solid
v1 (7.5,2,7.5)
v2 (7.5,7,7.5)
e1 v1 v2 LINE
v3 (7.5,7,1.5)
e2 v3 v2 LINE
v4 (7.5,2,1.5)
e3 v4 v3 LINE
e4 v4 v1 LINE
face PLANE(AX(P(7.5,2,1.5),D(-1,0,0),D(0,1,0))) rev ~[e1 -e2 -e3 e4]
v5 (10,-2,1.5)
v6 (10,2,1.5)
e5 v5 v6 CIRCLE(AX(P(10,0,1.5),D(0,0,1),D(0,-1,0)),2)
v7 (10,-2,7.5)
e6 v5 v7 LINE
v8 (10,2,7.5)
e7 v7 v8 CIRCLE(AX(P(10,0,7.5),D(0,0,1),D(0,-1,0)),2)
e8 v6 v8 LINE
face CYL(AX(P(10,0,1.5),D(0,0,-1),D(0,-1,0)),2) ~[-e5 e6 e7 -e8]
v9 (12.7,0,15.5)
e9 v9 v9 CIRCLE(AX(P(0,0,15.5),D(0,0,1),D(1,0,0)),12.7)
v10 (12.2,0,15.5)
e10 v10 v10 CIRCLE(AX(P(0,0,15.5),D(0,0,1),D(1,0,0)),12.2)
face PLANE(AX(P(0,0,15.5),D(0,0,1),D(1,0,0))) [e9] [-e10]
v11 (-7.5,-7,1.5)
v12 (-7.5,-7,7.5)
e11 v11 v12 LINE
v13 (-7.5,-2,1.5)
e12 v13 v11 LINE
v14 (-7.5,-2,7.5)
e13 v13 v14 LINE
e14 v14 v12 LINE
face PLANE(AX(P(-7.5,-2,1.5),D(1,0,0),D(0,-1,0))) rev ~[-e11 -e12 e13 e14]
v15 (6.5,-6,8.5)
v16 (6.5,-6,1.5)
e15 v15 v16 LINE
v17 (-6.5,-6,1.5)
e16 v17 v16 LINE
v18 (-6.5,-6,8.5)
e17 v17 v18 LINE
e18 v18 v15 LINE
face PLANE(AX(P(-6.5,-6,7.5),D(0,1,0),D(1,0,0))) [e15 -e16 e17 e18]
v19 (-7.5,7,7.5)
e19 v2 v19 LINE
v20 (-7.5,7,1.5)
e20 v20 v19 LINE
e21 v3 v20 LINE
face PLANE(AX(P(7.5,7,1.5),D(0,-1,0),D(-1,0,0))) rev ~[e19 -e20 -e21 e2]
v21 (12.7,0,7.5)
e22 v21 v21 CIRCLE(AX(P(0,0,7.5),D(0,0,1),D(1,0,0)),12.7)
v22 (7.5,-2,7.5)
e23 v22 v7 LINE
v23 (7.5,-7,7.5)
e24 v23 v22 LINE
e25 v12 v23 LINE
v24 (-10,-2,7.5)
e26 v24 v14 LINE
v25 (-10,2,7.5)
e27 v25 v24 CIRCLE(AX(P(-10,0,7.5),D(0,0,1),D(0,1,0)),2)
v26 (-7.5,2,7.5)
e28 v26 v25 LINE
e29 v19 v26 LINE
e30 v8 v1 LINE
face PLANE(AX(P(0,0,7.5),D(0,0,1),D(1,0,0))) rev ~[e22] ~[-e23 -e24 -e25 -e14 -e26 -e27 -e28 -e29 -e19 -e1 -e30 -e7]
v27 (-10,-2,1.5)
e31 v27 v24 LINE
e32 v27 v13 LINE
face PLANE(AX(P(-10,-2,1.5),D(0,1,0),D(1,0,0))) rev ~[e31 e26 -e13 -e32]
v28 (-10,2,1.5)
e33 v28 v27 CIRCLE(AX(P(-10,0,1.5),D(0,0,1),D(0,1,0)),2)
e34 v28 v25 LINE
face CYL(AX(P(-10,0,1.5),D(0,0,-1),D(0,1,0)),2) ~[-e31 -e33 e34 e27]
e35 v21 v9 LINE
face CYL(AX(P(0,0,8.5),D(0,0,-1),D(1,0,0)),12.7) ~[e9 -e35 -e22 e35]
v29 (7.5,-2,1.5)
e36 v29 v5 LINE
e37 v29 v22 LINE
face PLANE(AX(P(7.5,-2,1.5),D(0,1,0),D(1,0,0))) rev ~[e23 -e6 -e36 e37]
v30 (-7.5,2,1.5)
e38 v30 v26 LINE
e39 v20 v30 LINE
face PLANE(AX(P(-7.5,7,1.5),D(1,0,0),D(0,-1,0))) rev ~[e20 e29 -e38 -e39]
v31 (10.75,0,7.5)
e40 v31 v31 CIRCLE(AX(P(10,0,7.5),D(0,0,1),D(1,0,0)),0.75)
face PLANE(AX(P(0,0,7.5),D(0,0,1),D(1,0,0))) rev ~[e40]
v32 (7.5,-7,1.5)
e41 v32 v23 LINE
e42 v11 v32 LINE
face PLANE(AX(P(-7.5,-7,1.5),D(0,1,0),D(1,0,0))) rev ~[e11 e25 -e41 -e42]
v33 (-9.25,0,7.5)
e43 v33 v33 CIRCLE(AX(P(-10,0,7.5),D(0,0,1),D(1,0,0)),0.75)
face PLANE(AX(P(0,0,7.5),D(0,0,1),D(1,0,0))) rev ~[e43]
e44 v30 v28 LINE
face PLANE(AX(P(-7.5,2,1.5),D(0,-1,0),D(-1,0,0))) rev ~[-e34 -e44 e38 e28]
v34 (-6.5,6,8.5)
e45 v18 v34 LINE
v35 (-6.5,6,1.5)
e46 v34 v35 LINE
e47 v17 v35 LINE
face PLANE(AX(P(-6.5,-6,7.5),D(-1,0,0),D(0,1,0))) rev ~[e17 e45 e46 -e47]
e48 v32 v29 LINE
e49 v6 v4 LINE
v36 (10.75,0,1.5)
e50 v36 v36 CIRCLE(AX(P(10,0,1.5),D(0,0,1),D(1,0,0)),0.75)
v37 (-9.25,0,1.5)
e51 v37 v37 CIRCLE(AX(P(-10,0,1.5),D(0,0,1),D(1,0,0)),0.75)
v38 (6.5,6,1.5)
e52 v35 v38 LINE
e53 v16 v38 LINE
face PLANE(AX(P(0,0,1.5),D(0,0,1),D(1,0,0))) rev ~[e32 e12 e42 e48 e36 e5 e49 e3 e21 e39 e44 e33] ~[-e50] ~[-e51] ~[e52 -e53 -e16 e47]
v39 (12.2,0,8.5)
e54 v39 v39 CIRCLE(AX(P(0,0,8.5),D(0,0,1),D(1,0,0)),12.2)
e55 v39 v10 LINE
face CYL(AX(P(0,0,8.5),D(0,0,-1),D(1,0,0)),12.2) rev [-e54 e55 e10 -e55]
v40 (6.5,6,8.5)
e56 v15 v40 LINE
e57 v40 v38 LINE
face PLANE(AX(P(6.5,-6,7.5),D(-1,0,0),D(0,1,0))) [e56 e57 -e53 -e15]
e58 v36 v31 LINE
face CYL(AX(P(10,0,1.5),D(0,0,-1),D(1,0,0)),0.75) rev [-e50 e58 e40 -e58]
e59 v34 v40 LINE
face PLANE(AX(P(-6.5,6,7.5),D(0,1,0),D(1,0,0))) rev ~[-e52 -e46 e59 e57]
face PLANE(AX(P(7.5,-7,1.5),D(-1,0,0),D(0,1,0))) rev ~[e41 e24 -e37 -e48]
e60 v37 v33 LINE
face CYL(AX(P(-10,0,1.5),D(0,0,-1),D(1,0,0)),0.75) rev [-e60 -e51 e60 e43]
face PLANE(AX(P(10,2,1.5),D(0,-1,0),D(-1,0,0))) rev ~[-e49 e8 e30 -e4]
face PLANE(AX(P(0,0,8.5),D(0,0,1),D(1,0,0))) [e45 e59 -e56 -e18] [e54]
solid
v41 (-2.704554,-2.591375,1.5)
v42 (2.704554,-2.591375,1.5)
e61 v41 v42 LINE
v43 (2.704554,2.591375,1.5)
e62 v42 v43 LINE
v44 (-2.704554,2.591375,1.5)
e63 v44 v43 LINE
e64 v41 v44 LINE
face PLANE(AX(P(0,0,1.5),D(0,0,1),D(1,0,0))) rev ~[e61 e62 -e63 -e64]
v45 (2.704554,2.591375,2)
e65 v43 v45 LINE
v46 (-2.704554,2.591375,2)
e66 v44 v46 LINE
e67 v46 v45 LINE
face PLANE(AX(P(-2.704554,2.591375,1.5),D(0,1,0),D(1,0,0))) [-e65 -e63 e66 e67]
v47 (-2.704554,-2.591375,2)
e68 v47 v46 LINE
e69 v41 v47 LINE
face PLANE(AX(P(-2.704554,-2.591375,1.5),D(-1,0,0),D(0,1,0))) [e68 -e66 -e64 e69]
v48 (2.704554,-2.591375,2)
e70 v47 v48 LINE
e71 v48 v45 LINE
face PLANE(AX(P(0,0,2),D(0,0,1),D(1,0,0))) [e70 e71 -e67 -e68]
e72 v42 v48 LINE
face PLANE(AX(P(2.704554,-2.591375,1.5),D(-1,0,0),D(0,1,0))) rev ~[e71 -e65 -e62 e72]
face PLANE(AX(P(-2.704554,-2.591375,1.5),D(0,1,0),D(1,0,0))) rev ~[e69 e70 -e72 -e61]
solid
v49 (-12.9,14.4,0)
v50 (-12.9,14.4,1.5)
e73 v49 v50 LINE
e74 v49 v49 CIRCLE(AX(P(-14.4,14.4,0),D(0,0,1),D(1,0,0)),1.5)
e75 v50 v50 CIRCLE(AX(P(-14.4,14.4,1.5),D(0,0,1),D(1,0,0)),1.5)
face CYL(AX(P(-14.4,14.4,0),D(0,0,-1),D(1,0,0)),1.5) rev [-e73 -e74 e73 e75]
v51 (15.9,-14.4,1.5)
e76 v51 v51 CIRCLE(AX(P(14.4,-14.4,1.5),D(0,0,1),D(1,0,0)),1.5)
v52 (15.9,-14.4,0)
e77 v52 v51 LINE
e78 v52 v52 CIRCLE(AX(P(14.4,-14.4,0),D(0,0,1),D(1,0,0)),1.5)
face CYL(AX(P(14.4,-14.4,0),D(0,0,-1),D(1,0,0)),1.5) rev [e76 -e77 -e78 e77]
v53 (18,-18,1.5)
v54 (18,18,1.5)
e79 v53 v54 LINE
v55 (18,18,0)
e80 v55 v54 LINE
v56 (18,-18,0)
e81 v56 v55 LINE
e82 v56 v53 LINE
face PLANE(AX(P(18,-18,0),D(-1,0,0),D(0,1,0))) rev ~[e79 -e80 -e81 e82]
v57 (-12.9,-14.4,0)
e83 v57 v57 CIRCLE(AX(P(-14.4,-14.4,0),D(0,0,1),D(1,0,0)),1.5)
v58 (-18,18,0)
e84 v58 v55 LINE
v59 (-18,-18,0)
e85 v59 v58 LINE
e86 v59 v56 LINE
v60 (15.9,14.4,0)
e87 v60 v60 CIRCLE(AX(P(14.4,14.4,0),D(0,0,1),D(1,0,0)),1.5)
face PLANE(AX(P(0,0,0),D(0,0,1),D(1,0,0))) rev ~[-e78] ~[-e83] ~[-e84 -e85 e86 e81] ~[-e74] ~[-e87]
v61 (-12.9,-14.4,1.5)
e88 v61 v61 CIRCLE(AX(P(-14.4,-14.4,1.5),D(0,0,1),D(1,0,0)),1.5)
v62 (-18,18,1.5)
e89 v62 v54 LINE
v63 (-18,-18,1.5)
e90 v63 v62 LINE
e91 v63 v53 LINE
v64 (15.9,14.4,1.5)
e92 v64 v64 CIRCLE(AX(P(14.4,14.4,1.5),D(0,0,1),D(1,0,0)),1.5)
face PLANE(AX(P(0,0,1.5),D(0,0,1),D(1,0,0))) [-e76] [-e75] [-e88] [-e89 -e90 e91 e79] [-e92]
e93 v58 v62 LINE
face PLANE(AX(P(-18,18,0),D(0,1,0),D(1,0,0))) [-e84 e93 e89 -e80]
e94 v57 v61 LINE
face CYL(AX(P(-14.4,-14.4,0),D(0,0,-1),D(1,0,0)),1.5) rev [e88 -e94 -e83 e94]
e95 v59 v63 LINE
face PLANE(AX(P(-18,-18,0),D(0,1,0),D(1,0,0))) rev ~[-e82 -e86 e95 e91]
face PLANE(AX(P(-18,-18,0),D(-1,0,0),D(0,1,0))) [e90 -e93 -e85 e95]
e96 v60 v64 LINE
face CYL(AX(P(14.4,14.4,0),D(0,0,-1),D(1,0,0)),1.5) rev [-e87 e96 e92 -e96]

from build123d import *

# Parameters (mm, degrees)
F0_W     = 36
F0_H     = 36
F0_R     = 1.5
F1_DEPTH = 1.5
F2_W     = 5.409108
F2_H     = 5.18275
F3_DEPTH = 0.5
F4_W     = 13
F4_H     = 12
F4_R     = 0.75
F5_DEPTH = 6
F6_R     = 12.7
F6_W     = 13
F6_H     = 12
F7_DEPTH = 1
F8_R     = 12.7
F8_R_2   = 12.2
F9_DEPTH = 7


with BuildPart() as f1:
    # F0 (on Top) → F1 (new body)
    with BuildSketch(Plane.XY):
        Rectangle(F0_W, F0_H)
        with Locations((-14.4, -14.4)):
            Circle(F0_R, mode=Mode.SUBTRACT)
        with Locations((14.4, -14.4)):
            Circle(F0_R, mode=Mode.SUBTRACT)
        with Locations((-14.4, 14.4)):
            Circle(F0_R, mode=Mode.SUBTRACT)
        with Locations((14.4, 14.4)):
            Circle(F0_R, mode=Mode.SUBTRACT)
    extrude(amount=F1_DEPTH)


with BuildPart() as f3:
    # F2 (on face) → F3 (new body)
    with BuildSketch(Plane.XY.offset(1.5)):
        Rectangle(F2_W, F2_H)
    extrude(amount=F3_DEPTH)


with BuildPart() as f5:
    # F4 (on face) → F5 (new body)
    with BuildSketch(Plane.XY.offset(1.5)):
        Polygon((-7.5, -7), (7.5, -7), (7.5, -2), (7.5, 2), (7.5, 7), (-7.5, 7), (-7.5, 2), (-7.5, -2), align=None)
        Rectangle(F4_W, F4_H, mode=Mode.SUBTRACT)
        with BuildLine():
            Line((-10, -2), (-7.5, -2))
            Line((-7.5, -2), (-7.5, 2))
            Line((-7.5, 2), (-10, 2))
            ThreePointArc((-10, 2), (-12, 0), (-10, -2))
        make_face()
        with Locations((-10, 0)):
            Circle(F4_R, mode=Mode.SUBTRACT)
        with BuildLine():
            Line((7.5, 2), (7.5, -2))
            Line((7.5, -2), (10, -2))
            ThreePointArc((10, -2), (12, 0), (10, 2))
            Line((10, 2), (7.5, 2))
        make_face()
        with Locations((10, 0)):
            Circle(F4_R, mode=Mode.SUBTRACT)
    extrude(amount=F5_DEPTH)

    # F6 (on face) → F7 (join)
    with BuildSketch(Plane.XY.offset(7.5)):
        Circle(F6_R)
        Rectangle(F6_W, F6_H, mode=Mode.SUBTRACT)
    extrude(amount=F7_DEPTH)

    # F8 (on face) → F9 (join)
    with BuildSketch(Plane.XY.offset(8.5)):
        Circle(F8_R)
        Circle(F8_R_2, mode=Mode.SUBTRACT)
    extrude(amount=F9_DEPTH)


solid = Compound([f1.part, f3.part, f5.part])
